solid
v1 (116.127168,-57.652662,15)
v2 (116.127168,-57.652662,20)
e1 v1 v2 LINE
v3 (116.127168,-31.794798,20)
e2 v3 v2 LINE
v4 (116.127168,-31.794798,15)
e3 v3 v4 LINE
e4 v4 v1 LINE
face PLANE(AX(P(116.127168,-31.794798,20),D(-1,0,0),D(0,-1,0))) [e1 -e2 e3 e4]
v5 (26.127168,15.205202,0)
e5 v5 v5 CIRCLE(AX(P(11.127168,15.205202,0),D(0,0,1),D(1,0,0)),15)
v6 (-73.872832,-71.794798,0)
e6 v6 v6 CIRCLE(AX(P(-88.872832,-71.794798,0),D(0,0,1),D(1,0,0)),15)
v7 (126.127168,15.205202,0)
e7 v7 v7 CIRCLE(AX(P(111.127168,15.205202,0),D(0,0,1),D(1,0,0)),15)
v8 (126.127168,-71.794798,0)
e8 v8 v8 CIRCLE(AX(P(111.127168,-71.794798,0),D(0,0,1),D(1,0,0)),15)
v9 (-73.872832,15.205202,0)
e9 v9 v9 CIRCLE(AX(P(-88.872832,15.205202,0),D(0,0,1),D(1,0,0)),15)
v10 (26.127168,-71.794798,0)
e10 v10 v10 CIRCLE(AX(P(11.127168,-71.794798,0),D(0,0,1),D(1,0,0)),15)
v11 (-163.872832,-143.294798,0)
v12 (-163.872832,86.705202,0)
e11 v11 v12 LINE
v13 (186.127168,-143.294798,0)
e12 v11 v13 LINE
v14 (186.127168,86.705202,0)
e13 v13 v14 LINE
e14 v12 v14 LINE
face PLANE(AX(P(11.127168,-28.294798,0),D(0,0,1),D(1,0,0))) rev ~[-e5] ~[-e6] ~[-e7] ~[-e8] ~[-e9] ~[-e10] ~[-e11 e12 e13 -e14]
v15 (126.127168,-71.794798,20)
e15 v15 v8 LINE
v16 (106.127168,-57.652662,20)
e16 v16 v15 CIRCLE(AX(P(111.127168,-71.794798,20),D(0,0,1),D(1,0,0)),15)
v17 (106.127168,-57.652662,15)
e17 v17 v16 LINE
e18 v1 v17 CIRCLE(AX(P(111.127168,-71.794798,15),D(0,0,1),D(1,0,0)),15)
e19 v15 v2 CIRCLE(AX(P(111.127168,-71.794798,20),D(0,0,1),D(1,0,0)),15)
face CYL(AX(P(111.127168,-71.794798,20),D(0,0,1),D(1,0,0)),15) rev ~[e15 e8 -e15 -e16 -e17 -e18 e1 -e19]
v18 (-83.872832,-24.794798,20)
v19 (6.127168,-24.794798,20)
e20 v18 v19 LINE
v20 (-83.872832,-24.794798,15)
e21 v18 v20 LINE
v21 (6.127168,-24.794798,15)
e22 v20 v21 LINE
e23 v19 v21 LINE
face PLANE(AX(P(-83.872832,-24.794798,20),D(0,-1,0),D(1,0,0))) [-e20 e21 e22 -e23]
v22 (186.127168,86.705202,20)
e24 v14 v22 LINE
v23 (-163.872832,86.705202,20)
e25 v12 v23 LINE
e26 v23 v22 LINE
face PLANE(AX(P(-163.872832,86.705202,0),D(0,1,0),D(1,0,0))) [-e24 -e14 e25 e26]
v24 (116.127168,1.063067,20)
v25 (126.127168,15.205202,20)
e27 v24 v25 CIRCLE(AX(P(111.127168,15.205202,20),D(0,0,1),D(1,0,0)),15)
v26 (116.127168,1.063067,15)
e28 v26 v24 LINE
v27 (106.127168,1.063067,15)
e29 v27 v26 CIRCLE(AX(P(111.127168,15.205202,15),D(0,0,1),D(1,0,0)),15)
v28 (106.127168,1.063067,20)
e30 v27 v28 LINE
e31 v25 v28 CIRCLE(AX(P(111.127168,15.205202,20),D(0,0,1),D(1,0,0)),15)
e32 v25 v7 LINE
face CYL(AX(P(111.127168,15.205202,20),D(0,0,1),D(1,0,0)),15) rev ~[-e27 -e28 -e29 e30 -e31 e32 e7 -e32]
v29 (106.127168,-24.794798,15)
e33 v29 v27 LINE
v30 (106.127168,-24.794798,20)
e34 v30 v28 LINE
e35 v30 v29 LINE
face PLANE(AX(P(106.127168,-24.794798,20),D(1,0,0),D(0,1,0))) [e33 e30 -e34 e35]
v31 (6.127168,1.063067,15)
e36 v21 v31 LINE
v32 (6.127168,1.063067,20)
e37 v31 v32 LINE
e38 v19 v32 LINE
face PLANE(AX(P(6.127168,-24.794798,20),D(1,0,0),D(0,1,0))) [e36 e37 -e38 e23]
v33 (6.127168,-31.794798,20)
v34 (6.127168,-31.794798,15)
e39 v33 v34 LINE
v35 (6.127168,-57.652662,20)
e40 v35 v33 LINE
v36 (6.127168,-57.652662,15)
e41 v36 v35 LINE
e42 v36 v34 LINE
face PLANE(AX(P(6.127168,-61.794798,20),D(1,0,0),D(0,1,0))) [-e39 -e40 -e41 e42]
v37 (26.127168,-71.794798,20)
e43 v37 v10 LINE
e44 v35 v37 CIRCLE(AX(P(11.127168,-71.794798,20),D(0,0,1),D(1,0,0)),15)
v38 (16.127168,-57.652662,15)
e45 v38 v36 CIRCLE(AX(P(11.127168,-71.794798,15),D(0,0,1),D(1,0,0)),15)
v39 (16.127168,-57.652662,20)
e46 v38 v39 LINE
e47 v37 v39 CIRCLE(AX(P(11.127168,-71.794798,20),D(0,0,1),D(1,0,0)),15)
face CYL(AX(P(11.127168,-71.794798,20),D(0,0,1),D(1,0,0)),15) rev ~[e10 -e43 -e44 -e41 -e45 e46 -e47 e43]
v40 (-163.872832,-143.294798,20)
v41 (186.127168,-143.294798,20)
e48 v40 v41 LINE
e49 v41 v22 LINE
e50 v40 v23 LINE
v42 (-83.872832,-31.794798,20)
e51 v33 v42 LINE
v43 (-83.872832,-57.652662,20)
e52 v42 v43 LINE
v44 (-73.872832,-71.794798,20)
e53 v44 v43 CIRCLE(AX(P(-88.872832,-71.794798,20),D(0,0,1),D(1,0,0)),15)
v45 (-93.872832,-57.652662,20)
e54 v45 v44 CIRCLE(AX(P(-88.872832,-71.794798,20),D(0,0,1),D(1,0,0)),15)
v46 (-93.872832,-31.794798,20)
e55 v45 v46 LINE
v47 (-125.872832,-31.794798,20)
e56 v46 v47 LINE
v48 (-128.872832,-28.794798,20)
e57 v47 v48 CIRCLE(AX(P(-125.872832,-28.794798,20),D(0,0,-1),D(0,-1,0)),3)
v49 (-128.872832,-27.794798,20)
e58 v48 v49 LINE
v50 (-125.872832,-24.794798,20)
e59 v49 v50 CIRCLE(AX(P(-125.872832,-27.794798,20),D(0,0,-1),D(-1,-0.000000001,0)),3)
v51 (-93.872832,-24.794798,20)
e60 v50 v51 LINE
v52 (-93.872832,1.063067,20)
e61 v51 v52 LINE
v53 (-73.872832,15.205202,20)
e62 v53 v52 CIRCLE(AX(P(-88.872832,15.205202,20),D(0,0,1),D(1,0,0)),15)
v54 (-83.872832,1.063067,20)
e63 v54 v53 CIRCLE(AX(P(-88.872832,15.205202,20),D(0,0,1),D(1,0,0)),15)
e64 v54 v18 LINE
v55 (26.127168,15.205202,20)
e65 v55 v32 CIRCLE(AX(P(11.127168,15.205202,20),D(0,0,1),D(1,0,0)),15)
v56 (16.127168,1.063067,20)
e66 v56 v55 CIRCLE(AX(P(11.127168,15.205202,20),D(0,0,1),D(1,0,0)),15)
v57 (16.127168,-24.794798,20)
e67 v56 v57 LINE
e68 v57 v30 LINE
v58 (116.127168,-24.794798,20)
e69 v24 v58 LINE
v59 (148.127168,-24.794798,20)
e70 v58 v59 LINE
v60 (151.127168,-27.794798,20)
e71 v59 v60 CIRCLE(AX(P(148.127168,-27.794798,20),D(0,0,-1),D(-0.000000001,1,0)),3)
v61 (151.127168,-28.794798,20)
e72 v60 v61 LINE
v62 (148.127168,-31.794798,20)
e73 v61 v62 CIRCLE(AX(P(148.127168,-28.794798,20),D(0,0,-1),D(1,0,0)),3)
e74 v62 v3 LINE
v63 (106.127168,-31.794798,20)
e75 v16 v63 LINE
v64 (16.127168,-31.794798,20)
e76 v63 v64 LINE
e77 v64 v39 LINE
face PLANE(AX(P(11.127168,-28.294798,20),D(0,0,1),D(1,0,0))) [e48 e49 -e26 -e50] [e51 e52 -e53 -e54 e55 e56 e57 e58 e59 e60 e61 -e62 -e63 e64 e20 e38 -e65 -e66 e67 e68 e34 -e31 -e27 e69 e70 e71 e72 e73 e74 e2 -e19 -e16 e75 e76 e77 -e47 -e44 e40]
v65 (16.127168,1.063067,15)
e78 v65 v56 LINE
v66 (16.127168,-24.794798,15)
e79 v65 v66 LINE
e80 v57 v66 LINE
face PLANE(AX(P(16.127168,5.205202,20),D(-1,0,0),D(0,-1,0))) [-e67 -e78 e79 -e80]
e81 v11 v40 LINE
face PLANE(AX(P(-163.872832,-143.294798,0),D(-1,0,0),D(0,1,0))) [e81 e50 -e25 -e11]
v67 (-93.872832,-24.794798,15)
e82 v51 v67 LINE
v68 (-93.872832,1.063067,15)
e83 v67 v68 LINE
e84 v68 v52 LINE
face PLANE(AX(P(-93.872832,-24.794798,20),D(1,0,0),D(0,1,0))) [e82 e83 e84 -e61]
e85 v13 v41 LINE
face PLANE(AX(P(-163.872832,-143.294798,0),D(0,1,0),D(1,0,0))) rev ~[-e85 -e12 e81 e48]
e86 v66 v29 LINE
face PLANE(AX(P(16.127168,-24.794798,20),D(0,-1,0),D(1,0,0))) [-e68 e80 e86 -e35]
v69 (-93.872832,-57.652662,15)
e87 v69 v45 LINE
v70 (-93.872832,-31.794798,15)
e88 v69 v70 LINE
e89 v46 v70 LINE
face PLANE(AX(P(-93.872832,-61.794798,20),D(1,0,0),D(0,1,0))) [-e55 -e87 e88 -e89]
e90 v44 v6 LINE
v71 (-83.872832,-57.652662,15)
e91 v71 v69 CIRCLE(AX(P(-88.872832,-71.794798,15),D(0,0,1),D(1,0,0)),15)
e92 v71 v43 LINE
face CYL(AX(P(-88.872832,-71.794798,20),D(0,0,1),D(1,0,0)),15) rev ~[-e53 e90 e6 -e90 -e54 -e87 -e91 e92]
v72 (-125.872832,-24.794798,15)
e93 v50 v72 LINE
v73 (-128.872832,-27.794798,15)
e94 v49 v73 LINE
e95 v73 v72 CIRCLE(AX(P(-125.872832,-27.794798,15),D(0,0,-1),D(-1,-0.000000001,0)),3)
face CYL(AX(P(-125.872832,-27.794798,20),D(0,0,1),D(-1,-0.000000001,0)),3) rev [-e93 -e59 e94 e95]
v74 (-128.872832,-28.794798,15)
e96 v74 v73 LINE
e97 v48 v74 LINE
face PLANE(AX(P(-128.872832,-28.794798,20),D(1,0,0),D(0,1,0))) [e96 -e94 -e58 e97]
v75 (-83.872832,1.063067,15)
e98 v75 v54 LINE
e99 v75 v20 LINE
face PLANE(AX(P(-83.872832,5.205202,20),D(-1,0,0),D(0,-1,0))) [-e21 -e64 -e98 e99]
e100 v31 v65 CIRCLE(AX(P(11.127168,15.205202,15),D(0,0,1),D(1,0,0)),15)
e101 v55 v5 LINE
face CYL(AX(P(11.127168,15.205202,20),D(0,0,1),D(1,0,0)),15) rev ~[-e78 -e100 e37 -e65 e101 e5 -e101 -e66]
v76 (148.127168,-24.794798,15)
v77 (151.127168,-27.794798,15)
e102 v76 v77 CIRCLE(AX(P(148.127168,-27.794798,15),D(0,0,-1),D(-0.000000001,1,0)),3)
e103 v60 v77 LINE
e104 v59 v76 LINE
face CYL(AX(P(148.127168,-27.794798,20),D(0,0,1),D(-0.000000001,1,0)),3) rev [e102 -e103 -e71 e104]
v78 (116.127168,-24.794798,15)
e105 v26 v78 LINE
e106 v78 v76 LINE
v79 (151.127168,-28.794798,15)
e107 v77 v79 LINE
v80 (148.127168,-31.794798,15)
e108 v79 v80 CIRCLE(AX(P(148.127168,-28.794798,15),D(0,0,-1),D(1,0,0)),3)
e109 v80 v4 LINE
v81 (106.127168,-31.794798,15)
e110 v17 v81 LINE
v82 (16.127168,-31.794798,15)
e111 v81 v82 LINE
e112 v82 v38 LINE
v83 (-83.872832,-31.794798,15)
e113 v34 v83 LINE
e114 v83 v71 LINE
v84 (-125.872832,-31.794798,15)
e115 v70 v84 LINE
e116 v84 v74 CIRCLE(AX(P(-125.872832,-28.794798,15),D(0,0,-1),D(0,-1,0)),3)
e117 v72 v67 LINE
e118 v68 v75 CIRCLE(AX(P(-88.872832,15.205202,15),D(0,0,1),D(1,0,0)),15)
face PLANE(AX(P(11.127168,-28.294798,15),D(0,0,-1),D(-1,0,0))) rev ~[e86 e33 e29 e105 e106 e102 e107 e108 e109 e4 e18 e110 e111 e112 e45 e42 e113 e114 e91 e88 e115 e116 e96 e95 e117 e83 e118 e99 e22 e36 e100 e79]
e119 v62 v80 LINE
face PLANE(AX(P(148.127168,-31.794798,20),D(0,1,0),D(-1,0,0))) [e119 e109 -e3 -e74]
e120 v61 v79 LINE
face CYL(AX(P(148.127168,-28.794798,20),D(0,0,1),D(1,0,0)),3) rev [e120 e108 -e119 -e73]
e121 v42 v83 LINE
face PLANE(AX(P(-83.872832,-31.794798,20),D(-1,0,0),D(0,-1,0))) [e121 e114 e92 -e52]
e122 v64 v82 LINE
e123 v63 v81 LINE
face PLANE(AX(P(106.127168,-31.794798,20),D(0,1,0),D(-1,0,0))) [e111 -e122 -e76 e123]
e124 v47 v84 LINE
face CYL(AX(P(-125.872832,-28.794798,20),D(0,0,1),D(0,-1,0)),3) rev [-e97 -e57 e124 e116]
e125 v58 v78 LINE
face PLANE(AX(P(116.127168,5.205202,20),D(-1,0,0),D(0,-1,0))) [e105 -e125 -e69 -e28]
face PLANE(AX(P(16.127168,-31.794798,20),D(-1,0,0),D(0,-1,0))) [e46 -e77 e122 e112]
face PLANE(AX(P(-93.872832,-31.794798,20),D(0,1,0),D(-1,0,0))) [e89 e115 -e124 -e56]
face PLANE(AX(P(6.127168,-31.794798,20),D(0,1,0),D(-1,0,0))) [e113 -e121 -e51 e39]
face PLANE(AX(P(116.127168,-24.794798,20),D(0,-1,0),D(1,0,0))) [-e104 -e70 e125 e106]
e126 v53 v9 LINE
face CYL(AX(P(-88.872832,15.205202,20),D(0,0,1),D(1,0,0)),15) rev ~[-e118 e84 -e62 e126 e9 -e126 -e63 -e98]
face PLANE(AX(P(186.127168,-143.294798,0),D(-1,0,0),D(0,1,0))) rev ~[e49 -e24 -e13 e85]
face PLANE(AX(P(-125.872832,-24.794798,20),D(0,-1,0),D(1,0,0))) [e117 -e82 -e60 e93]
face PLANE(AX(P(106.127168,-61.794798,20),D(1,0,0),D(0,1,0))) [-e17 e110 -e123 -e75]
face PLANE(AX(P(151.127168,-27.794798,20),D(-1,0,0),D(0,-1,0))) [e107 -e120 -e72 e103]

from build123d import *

# Parameters (mm, degrees)
SKETCH1_W           = 350
SKETCH1_H           = 230
BOSS_EXTRUDE1_DEPTH = 20
CUT_EXTRUDE1_DEPTH  = 5
SKETCH4_R           = 15
CUT_EXTRUDE2_DEPTH  = 20


with BuildPart() as part:
    # Sketch1 → Boss-Extrude1 (new body)
    with BuildSketch(Plane.XY):
        with Locations((11.12716763, -28.294797688)):
            Rectangle(SKETCH1_W, SKETCH1_H)
    extrude(amount=BOSS_EXTRUDE1_DEPTH)

    # Sketch3 → Cut-Extrude1 (cut)
    with BuildSketch(Plane.XY.offset(20)):
        with BuildLine():
            Line((-125.87283237, -24.794797688), (-93.87283237, -24.794797688))
            Line((-93.87283237, -24.794797688), (-93.87283237, 5.205202312))
            Line((-93.87283237, 5.205202312), (-83.87283237, 5.205202312))
            Line((-83.87283237, 5.205202312), (-83.87283237, -24.794797688))
            Line((-83.87283237, -24.794797688), (6.12716763, -24.794797688))
            Line((6.12716763, -24.794797688), (6.12716763, 5.205202312))
            Line((6.12716763, 5.205202312), (16.12716763, 5.205202312))
            Line((16.12716763, 5.205202312), (16.12716763, -24.794797688))
            Line((16.12716763, -24.794797688), (106.12716763, -24.794797688))
            Line((106.12716763, -24.794797688), (106.12716763, 5.205202312))
            Line((106.12716763, 5.205202312), (116.12716763, 5.205202312))
            Line((116.12716763, 5.205202312), (116.12716763, -24.794797688))
            Line((116.12716763, -24.794797688), (148.12716763, -24.794797688))
            ThreePointArc((148.12716763, -24.794797688), (150.248487974, -25.673477344), (151.12716763, -27.794797688))
            Line((151.12716763, -27.794797688), (151.12716763, -28.794797688))
            ThreePointArc((151.12716763, -28.794797688), (150.248487974, -30.916118031), (148.12716763, -31.794797688))
            Line((148.12716763, -31.794797688), (116.12716763, -31.794797688))
            Line((116.12716763, -31.794797688), (116.12716763, -61.794797688))
            Line((116.12716763, -61.794797688), (106.12716763, -61.794797688))
            Line((106.12716763, -61.794797688), (106.12716763, -31.794797688))
            Line((106.12716763, -31.794797688), (16.12716763, -31.794797688))
            Line((16.12716763, -31.794797688), (16.12716763, -61.794797688))
            Line((16.12716763, -61.794797688), (6.12716763, -61.794797688))
            Line((6.12716763, -61.794797688), (6.12716763, -31.794797688))
            Line((6.12716763, -31.794797688), (-83.87283237, -31.794797688))
            Line((-83.87283237, -31.794797688), (-83.87283237, -61.794797688))
            Line((-83.87283237, -61.794797688), (-93.87283237, -61.794797688))
            Line((-93.87283237, -61.794797688), (-93.87283237, -31.794797688))
            Line((-93.87283237, -31.794797688), (-125.87283237, -31.794797688))
            ThreePointArc((-125.87283237, -31.794797688), (-127.994152714, -30.916118031), (-128.87283237, -28.794797688))
            Line((-128.87283237, -28.794797688), (-128.87283237, -27.794797688))
            ThreePointArc((-128.87283237, -27.794797688), (-127.994152714, -25.673477344), (-125.87283237, -24.794797688))
        make_face()
    extrude(amount=-CUT_EXTRUDE1_DEPTH, mode=Mode.SUBTRACT)

    # Sketch4 → Cut-Extrude2 (cut)
    with BuildSketch(Plane.XY.offset(20)):
        with Locations((111.12716763, 15.205202312)):
            Circle(SKETCH4_R)
        with Locations((11.12716763, 15.205202312)):
            Circle(SKETCH4_R)
        with Locations((-88.87283237, 15.205202312)):
            Circle(SKETCH4_R)
        with Locations((111.12716763, -71.794797688)):
            Circle(SKETCH4_R)
        with Locations((11.12716763, -71.794797688)):
            Circle(SKETCH4_R)
        with Locations((-88.87283237, -71.794797688)):
            Circle(SKETCH4_R)
    extrude(amount=-CUT_EXTRUDE2_DEPTH, mode=Mode.SUBTRACT)


solid = part.part
